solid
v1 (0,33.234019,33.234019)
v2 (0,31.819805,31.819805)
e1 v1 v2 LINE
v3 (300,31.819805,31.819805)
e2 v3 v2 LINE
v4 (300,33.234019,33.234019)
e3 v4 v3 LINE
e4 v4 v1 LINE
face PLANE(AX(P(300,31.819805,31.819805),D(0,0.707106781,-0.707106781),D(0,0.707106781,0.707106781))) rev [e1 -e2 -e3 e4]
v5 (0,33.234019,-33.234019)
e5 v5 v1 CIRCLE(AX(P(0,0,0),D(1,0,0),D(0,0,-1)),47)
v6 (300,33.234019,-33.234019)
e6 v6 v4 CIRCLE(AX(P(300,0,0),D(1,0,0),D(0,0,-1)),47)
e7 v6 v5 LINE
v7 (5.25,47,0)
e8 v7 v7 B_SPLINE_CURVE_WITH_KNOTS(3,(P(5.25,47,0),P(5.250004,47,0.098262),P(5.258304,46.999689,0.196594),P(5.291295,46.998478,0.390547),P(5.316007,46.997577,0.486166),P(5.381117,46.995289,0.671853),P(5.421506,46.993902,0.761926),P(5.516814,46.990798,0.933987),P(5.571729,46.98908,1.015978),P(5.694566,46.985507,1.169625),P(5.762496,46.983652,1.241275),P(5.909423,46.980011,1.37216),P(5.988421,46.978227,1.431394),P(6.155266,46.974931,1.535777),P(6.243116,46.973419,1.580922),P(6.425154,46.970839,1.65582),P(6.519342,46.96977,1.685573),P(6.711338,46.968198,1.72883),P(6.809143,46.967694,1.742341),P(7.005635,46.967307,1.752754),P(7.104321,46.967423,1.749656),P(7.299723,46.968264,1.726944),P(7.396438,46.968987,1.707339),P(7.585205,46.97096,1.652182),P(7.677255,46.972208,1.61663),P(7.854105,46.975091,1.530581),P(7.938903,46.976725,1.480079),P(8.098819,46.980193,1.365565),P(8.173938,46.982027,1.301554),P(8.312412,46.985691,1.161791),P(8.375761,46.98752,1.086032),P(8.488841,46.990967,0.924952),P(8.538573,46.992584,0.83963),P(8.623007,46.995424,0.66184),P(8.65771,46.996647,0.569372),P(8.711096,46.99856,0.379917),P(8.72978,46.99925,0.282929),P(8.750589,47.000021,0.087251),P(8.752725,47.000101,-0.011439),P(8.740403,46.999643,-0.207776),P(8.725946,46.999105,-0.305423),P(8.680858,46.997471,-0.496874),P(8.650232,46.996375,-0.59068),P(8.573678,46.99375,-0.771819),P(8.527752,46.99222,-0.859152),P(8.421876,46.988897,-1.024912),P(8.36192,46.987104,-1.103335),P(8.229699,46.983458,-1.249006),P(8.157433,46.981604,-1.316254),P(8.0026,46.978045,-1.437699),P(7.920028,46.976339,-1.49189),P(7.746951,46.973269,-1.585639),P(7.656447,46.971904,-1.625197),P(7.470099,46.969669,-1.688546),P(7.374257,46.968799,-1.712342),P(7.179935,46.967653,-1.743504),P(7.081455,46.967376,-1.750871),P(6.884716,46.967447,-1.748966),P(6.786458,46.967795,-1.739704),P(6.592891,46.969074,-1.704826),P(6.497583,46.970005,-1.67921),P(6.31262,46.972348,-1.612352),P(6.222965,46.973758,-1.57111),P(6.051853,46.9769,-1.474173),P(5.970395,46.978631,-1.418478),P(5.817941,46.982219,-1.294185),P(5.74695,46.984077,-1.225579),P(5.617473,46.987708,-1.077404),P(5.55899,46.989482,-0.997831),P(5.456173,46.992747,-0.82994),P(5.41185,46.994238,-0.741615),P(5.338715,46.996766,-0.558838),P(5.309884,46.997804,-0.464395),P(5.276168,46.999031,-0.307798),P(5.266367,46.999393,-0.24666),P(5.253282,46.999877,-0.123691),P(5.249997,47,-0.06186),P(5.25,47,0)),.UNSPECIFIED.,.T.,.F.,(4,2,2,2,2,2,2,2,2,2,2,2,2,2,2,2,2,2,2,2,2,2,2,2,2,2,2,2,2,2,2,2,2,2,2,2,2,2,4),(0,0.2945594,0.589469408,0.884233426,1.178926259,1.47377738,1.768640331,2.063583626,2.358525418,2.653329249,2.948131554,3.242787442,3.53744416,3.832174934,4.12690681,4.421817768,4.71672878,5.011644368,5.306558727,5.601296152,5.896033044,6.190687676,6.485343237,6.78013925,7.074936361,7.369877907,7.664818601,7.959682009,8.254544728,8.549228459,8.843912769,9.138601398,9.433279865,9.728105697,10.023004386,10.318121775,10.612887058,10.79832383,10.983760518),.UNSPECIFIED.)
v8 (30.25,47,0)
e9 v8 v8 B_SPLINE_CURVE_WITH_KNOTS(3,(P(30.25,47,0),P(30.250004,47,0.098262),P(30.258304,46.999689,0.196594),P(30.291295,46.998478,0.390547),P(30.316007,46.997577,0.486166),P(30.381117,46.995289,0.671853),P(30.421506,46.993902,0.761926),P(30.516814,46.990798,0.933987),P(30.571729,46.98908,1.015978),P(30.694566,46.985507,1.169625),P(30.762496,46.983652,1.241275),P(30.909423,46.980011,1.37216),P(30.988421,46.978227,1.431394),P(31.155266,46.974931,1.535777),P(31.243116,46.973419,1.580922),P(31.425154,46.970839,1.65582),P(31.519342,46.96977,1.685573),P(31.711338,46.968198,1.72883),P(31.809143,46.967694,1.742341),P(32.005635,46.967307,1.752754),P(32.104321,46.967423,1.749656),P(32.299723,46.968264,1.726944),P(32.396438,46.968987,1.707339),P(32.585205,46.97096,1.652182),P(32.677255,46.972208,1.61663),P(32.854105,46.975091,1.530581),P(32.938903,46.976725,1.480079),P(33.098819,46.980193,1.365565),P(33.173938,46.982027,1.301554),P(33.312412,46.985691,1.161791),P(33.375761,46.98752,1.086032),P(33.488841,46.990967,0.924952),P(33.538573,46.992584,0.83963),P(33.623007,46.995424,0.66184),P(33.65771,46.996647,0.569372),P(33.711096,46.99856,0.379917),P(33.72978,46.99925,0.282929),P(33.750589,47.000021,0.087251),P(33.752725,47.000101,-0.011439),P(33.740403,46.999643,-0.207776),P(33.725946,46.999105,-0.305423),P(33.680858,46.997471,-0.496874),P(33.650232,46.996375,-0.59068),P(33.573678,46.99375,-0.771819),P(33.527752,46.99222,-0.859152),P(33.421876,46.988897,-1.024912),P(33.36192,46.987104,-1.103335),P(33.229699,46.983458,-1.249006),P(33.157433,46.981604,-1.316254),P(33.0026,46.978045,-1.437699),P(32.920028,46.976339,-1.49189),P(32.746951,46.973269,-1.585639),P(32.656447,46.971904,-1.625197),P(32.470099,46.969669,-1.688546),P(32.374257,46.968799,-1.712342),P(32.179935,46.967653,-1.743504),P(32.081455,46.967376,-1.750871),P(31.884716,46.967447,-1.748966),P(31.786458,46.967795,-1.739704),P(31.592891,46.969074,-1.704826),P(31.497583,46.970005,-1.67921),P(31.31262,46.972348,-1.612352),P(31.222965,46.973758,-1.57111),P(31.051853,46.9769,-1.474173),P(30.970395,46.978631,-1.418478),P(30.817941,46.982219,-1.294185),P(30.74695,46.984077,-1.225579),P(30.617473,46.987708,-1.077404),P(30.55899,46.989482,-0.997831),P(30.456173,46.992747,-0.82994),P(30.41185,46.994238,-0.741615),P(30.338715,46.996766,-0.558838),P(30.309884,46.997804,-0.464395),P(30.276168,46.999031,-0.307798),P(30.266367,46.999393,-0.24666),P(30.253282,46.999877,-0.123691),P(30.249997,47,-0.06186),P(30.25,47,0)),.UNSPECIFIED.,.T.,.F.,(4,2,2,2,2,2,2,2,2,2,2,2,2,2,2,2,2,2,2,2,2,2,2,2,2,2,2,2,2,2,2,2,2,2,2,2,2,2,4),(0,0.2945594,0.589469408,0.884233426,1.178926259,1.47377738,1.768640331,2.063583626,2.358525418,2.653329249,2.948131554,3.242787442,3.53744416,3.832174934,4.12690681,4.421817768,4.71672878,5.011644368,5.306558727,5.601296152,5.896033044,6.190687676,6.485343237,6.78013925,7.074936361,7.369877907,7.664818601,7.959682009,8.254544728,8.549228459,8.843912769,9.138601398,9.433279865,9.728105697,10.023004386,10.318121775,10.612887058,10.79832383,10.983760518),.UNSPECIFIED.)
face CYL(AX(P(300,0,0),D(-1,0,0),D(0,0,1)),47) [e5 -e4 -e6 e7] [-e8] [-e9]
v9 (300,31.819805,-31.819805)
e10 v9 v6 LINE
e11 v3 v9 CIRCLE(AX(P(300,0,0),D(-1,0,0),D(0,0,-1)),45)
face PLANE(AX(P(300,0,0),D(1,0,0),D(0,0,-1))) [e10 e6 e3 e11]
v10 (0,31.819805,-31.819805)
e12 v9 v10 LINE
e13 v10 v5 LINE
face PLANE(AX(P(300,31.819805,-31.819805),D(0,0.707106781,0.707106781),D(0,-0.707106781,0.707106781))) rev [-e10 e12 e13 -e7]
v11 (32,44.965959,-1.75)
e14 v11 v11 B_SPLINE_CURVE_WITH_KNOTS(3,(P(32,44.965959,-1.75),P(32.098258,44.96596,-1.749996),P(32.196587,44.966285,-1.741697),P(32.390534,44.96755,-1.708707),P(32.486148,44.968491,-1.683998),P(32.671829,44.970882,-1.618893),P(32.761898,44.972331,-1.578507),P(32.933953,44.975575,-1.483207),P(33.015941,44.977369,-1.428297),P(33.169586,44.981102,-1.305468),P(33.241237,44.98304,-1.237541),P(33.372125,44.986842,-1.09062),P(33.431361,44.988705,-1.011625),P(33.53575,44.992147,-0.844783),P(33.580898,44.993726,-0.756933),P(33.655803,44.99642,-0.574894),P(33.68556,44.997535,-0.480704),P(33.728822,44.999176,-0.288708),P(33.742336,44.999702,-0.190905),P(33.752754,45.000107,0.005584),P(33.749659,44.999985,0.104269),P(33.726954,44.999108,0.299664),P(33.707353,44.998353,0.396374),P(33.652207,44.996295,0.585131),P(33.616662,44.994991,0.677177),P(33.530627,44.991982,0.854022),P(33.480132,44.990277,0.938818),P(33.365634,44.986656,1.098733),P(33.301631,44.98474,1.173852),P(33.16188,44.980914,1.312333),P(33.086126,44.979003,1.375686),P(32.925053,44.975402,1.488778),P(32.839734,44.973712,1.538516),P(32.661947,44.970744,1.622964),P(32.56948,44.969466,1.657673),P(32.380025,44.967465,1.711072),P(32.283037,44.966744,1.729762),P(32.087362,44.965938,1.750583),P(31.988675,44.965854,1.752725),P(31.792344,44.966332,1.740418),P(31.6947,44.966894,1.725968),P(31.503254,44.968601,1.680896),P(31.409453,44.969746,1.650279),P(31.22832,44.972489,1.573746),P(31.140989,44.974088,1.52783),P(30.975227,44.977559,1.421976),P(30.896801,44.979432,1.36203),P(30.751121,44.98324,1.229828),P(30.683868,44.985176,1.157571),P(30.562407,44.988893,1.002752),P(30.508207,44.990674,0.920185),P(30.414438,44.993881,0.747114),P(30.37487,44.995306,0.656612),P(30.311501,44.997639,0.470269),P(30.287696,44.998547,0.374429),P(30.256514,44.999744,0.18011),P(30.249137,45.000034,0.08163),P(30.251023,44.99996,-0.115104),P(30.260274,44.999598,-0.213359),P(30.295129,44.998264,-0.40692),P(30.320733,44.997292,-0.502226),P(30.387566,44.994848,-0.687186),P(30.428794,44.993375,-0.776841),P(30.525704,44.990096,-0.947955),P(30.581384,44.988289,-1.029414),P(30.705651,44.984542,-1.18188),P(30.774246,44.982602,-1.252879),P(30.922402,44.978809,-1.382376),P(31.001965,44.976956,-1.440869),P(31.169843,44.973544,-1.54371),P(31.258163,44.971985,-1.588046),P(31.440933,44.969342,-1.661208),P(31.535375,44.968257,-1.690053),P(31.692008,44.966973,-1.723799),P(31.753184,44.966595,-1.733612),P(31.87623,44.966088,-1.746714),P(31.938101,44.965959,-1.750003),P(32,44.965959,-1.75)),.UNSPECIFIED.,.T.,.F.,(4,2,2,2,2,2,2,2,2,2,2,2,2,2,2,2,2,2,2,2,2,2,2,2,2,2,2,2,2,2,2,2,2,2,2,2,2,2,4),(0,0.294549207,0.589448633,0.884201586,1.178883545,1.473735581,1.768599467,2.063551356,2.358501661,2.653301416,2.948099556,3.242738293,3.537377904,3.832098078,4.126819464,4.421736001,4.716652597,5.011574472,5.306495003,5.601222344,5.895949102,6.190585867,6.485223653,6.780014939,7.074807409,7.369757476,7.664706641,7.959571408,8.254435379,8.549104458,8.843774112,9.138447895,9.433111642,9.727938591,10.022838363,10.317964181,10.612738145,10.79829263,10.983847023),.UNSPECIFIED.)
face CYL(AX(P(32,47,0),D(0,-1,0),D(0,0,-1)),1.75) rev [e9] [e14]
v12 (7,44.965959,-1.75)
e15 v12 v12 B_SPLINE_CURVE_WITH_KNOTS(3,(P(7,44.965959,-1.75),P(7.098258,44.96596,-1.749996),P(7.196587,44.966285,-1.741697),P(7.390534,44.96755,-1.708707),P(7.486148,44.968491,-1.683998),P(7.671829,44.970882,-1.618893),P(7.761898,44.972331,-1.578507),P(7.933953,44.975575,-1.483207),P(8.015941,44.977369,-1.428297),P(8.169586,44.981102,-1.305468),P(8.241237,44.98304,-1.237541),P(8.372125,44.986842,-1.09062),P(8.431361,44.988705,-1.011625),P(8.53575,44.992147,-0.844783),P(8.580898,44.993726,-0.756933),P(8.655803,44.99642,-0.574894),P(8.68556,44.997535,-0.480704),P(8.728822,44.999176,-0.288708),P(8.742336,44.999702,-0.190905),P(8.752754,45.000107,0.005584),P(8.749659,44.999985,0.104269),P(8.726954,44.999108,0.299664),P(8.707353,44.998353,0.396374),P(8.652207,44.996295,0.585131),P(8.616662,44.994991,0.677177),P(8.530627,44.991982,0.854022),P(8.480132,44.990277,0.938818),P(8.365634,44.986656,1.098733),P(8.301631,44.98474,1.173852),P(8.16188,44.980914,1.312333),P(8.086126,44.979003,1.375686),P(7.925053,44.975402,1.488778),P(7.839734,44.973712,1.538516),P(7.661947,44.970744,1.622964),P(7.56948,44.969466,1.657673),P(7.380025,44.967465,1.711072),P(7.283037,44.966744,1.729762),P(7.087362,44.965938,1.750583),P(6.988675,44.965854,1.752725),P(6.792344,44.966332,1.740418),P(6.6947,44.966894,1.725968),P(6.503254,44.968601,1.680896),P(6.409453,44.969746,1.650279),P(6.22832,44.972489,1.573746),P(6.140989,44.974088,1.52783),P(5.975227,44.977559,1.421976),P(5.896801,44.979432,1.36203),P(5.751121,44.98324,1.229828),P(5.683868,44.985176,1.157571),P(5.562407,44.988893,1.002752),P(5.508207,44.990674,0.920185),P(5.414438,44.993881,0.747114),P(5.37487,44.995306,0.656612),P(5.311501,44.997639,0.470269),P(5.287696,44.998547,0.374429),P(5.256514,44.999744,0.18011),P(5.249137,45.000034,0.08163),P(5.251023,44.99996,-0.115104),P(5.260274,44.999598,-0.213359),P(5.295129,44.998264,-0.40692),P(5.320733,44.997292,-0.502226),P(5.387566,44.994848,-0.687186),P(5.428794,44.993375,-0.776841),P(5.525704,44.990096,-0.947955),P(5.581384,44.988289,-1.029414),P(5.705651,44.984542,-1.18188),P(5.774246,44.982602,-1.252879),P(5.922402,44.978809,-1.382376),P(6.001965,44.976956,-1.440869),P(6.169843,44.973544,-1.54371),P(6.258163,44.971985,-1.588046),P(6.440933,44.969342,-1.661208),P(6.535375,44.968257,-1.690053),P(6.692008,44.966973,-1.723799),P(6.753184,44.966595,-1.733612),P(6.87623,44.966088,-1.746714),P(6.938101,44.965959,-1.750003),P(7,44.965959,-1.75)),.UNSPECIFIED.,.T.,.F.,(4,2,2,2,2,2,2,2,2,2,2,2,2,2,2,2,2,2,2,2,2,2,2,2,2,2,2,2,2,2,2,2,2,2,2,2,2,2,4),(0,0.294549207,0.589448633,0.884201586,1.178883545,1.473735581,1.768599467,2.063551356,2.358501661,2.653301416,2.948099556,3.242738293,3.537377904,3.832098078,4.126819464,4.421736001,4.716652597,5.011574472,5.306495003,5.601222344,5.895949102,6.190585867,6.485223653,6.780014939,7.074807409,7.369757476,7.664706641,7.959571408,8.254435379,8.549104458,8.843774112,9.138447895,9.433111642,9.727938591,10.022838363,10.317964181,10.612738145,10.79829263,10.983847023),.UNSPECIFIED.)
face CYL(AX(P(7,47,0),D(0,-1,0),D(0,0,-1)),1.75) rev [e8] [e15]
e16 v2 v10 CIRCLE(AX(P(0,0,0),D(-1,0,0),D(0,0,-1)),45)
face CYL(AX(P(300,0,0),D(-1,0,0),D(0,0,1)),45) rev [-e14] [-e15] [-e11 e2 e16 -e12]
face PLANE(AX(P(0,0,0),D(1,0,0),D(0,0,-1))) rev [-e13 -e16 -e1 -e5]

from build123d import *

# Parameters (mm, degrees)
BOSS_EXTRUDE1_DEPTH = 300
SKETCH3_R           = 1.75
CUT_EXTRUDE1_DEPTH  = 306.897117362


with BuildPart() as part:
    # Sketch1 → Boss-Extrude1 (new body)
    with BuildSketch(Plane(origin=(0, 0, 0), x_dir=(0, 0, -1), z_dir=(1, 0, 0))):
        with BuildLine():
            Line((31.819805153, 31.819805153), (33.234018716, 33.234018716))
            ThreePointArc((33.234018716, 33.234018716), (0, 47), (-33.234018716, 33.234018716))
            Line((-33.234018716, 33.234018716), (-31.819805153, 31.819805153))
            ThreePointArc((-31.819805153, 31.819805153), (0, 45), (31.819805153, 31.819805153))
        make_face()
    extrude(amount=BOSS_EXTRUDE1_DEPTH)

    # Sketch3 → Cut-Extrude1 (cut, through all)
    with BuildSketch(Plane(origin=(0, 0, -3.698980221), x_dir=(1, 0, 0), z_dir=(0, 1, 0))):
        with Locations(Location((7, -3.698980221, 0), (0, 0, 90))):
            Circle(SKETCH3_R)
        with Locations(Location((32, -3.698980221, 0), (0, 0, 90))):
            Circle(SKETCH3_R)
    extrude(amount=CUT_EXTRUDE1_DEPTH, mode=Mode.SUBTRACT)


solid = part.part
